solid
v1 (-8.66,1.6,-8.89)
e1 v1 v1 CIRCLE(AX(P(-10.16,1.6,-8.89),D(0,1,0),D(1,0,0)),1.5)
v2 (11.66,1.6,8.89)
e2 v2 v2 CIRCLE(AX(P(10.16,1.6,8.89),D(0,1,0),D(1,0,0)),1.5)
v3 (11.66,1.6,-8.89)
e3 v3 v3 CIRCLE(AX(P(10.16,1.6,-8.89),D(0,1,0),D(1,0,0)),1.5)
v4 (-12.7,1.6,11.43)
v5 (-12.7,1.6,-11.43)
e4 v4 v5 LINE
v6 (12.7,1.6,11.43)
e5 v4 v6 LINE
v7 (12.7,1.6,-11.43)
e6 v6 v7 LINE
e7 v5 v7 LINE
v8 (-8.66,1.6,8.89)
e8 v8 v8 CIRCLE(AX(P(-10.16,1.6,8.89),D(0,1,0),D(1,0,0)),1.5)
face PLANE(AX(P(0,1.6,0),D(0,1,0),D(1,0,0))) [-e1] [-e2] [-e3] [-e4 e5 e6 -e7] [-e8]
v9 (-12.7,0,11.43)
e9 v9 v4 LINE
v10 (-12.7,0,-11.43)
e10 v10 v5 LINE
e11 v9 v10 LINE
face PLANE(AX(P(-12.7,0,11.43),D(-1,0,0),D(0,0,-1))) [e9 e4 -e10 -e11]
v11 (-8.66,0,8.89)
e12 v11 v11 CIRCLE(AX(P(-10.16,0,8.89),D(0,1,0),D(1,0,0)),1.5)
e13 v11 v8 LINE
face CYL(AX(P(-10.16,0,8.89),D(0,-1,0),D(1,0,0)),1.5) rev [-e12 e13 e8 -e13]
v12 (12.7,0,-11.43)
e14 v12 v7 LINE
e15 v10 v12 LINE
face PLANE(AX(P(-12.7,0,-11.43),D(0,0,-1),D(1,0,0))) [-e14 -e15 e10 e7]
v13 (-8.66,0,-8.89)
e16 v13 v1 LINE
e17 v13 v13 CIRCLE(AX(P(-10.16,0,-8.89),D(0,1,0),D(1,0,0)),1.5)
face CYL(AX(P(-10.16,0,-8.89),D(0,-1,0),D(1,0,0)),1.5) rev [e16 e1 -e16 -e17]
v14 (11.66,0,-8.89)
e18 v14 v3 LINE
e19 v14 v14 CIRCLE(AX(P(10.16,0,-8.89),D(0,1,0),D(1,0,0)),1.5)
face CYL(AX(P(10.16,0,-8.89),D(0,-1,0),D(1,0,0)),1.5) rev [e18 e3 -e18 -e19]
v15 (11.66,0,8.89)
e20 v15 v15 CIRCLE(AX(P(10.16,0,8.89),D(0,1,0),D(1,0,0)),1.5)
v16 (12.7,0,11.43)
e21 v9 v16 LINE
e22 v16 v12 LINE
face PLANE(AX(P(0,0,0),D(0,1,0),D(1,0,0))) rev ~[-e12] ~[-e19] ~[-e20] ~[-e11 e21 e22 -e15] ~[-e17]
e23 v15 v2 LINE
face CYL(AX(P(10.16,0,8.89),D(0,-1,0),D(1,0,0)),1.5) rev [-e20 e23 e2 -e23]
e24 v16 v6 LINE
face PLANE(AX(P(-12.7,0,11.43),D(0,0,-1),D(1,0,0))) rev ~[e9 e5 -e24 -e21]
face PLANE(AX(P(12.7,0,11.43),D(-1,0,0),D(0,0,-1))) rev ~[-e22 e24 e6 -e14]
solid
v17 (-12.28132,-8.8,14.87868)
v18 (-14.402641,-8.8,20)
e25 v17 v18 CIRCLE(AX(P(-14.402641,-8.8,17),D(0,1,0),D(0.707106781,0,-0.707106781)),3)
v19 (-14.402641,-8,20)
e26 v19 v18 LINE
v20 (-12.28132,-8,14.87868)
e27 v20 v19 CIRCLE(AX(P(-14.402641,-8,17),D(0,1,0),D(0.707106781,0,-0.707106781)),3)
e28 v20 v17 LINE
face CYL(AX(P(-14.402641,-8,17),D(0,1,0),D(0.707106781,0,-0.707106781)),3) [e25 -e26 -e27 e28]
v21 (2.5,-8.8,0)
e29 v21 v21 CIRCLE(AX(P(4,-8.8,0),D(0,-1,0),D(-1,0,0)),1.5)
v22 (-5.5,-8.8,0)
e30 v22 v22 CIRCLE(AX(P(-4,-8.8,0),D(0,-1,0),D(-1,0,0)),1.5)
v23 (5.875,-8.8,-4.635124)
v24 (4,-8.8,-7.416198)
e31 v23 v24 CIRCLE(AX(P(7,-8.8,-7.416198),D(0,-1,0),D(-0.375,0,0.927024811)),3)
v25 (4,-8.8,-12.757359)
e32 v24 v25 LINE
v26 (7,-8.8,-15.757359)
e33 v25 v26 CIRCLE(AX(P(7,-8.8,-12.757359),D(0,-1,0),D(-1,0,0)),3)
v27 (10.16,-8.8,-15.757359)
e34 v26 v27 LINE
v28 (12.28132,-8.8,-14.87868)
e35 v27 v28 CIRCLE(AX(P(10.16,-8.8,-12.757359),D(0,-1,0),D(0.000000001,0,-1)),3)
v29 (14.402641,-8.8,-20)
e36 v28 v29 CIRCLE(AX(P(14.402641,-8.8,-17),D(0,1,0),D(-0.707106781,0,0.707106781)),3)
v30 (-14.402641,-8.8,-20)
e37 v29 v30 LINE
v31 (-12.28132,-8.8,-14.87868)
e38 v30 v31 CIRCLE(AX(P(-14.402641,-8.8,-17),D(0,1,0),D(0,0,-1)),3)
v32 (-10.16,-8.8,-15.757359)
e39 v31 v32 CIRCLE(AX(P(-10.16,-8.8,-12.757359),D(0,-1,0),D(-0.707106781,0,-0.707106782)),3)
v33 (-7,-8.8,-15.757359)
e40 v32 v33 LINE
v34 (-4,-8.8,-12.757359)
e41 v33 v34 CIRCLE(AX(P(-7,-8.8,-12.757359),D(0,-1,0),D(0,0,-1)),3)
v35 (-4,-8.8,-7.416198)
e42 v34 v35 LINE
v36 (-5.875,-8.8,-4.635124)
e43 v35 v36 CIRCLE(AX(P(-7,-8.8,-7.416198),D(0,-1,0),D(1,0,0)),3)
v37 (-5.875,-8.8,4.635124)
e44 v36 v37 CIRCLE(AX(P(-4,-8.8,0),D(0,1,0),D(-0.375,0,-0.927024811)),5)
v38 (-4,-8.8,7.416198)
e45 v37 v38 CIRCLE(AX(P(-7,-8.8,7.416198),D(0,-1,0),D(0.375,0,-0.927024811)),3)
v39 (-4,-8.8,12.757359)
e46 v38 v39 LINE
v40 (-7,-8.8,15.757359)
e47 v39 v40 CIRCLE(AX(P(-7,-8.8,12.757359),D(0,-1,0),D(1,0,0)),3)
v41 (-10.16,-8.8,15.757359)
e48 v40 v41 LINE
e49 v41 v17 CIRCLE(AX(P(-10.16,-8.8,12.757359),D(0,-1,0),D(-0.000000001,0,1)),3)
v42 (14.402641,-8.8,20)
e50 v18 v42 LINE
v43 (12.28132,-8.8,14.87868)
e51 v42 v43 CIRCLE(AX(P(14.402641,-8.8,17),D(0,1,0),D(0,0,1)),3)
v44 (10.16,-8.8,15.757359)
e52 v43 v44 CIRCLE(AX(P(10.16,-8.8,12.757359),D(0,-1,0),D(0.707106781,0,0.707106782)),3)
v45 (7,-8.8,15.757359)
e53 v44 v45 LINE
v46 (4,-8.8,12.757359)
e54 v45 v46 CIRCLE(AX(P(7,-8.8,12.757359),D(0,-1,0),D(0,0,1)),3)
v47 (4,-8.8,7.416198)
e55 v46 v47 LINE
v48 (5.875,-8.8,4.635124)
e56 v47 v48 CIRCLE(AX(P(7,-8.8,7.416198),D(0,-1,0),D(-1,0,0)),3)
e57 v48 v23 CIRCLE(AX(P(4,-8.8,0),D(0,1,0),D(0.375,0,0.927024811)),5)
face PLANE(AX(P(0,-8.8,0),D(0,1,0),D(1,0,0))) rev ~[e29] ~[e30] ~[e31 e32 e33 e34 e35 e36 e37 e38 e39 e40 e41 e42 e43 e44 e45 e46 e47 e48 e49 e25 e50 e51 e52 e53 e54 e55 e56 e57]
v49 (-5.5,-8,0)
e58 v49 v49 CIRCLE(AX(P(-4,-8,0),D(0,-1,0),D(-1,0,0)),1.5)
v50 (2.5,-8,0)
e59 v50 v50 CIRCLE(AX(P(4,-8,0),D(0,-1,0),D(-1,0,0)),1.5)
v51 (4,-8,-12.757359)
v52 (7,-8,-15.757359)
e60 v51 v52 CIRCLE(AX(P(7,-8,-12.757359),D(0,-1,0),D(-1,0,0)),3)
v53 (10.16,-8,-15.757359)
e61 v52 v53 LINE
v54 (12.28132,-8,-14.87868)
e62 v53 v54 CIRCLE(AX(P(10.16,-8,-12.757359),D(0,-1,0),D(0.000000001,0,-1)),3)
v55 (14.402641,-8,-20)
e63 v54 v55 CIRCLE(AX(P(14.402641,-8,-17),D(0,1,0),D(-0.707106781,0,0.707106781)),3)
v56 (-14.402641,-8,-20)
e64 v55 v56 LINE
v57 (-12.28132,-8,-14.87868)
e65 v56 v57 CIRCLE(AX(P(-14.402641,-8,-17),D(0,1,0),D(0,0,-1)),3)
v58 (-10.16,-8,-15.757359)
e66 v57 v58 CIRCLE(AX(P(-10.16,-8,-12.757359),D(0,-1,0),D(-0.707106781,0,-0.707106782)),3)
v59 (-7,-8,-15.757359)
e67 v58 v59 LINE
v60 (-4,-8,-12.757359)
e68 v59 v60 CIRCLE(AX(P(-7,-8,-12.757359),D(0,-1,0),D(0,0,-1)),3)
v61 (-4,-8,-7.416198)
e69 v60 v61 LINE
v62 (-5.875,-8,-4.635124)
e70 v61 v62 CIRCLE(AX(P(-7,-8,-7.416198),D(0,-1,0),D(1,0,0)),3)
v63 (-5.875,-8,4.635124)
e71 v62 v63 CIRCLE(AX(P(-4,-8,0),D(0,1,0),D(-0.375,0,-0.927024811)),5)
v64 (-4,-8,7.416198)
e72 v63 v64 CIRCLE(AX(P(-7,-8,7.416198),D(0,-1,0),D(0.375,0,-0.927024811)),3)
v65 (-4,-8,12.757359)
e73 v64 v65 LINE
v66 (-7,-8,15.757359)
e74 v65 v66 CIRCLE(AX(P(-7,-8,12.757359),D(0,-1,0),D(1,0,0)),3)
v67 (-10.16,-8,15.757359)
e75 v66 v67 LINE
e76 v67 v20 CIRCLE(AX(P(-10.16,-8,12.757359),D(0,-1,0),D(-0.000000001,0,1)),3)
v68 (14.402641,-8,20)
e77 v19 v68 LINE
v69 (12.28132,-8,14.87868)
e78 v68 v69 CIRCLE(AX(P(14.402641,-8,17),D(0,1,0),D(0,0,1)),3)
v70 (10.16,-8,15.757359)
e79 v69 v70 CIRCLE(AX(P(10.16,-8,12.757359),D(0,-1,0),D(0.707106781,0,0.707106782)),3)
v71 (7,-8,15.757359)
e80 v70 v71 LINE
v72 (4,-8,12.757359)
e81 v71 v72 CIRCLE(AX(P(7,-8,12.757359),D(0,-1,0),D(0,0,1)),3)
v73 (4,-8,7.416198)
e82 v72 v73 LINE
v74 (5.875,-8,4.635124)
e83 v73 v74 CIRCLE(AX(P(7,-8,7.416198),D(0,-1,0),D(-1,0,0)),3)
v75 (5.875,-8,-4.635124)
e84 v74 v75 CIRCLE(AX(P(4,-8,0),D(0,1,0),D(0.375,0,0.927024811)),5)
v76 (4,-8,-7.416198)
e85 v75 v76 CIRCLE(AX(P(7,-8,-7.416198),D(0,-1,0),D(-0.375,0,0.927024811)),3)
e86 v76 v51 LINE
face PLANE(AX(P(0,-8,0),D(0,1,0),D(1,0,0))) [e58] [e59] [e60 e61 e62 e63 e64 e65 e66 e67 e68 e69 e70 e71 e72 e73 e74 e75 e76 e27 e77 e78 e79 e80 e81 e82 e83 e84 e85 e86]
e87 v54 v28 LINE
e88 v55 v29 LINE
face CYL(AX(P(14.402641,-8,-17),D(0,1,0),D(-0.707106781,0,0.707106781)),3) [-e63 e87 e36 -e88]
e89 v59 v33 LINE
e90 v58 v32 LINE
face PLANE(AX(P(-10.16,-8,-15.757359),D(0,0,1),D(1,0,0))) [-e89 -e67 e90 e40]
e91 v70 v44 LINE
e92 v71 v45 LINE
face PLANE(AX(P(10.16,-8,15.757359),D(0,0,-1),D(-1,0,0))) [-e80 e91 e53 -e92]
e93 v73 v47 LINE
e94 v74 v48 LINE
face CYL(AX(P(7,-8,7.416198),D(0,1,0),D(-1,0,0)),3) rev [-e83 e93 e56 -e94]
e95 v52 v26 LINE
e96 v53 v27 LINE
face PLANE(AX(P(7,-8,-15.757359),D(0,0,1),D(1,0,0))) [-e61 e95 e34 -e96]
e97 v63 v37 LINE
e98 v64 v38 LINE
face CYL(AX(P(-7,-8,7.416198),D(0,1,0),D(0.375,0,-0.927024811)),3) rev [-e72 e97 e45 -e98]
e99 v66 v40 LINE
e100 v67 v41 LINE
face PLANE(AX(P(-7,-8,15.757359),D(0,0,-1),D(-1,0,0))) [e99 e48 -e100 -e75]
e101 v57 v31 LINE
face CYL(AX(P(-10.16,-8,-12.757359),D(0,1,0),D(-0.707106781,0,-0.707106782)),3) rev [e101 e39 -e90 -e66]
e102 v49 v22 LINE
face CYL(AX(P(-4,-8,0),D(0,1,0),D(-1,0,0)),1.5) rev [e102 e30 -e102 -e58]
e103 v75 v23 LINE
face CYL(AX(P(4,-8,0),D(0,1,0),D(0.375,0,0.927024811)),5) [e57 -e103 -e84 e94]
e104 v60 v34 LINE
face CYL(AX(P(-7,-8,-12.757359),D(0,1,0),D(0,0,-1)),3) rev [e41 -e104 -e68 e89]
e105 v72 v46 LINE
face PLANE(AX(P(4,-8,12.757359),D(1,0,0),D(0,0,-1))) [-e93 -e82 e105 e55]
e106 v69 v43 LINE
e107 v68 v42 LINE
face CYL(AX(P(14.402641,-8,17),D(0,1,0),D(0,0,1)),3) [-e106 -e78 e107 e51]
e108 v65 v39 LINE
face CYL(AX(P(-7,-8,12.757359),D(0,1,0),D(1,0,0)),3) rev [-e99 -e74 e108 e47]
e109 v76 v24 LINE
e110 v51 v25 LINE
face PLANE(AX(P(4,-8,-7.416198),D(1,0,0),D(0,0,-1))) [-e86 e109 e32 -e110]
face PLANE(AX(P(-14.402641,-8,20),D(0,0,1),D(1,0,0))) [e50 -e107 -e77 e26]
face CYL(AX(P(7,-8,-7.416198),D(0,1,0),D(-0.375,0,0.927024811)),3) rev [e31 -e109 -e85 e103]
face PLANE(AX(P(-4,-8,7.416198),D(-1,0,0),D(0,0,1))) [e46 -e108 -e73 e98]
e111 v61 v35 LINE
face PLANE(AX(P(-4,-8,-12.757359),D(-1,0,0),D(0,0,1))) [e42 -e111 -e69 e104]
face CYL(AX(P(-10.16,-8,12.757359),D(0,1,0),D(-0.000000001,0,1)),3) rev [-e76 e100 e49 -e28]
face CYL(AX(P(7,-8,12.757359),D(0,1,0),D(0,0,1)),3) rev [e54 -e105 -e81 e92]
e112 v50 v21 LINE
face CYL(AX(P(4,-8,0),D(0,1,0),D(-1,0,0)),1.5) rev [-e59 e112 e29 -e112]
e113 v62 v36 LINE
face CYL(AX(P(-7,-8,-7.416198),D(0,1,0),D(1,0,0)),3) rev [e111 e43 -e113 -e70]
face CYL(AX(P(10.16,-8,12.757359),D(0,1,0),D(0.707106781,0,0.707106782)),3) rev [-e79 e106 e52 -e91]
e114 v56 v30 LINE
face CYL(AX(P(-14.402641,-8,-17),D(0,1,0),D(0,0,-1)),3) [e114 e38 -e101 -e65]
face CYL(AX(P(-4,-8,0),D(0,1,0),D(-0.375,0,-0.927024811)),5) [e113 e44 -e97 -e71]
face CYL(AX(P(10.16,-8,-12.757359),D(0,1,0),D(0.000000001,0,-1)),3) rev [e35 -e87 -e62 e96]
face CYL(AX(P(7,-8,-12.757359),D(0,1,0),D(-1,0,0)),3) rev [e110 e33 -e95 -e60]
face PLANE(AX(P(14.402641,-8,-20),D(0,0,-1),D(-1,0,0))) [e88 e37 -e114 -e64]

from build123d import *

# Parameters (mm, degrees)
SKETCH1_W           = 25.4
SKETCH1_H           = 22.86
SKETCH1_R           = 1.5
BOSS_EXTRUDE1_DEPTH = 1.6
SKETCH10_R          = 1.5
BOSS_EXTRUDE7_DEPTH = 0.8


with BuildPart() as part:
    # Sketch1 → Boss-Extrude1 (new body)
    with BuildSketch(Plane(origin=(0, 0, 0), x_dir=(1, 0, 0), z_dir=(0, 1, 0))):
        Rectangle(SKETCH1_W, SKETCH1_H)
        with Locations((-10.16, 8.89)):
            Circle(SKETCH1_R, mode=Mode.SUBTRACT)
        with Locations((10.16, 8.89)):
            Circle(SKETCH1_R, mode=Mode.SUBTRACT)
        with Locations((10.16, -8.89)):
            Circle(SKETCH1_R, mode=Mode.SUBTRACT)
        with Locations((-10.16, -8.89)):
            Circle(SKETCH1_R, mode=Mode.SUBTRACT)
    extrude(amount=BOSS_EXTRUDE1_DEPTH)


with BuildPart() as body_2:
    # Sketch10 → Boss-Extrude7 (new body)
    with BuildSketch(Plane(origin=(0, -8, 0), x_dir=(-1, 0, 0), z_dir=(0, -1, 0))):
        with BuildLine():
            Line((-4, 7.416198487), (-4, 12.757359313))
            ThreePointArc((-4, 12.757359313), (-4.878679656, 14.878679656), (-7, 15.757359313))
            Line((-7, 15.757359313), (-10.16, 15.757359313))
            ThreePointArc((-10.16, 15.757359313), (-11.308050297, 15.52899791), (-12.281320344, 14.878679656))
            ThreePointArc((-12.281320344, 14.878679656), (-17.174279285, 15.851949703), (-14.402640687, 20))
            Line((-14.402640687, 20), (14.402640687, 20))
            ThreePointArc((14.402640687, 20), (17.174279285, 15.851949703), (12.281320344, 14.878679656))
            ThreePointArc((12.281320344, 14.878679656), (11.308050297, 15.52899791), (10.16, 15.757359313))
            Line((10.16, 15.757359313), (7, 15.757359313))
            ThreePointArc((7, 15.757359313), (4.878679656, 14.878679656), (4, 12.757359313))
            Line((4, 12.757359313), (4, 7.416198487))
            ThreePointArc((4, 7.416198487), (4.512531407, 5.739147504), (5.875, 4.635124054))
            ThreePointArc((5.875, 4.635124054), (9, 0), (5.875, -4.635124054))
            ThreePointArc((5.875, -4.635124054), (4.512531407, -5.739147504), (4, -7.416198487))
            Line((4, -7.416198487), (4, -12.757359313))
            ThreePointArc((4, -12.757359313), (4.878679656, -14.878679656), (7, -15.757359313))
            Line((7, -15.757359313), (10.16, -15.757359313))
            ThreePointArc((10.16, -15.757359313), (11.308050297, -15.52899791), (12.281320344, -14.878679656))
            ThreePointArc((12.281320344, -14.878679656), (17.174279285, -15.851949703), (14.402640687, -20))
            Line((14.402640687, -20), (-14.402640687, -20))
            ThreePointArc((-14.402640687, -20), (-17.174279285, -15.851949703), (-12.281320344, -14.878679656))
            ThreePointArc((-12.281320344, -14.878679656), (-11.308050297, -15.52899791), (-10.16, -15.757359313))
            Line((-10.16, -15.757359313), (-7, -15.757359313))
            ThreePointArc((-7, -15.757359313), (-4.878679656, -14.878679656), (-4, -12.757359313))
            Line((-4, -12.757359313), (-4, -7.416198487))
            ThreePointArc((-4, -7.416198487), (-4.512531407, -5.739147504), (-5.875, -4.635124054))
            ThreePointArc((-5.875, -4.635124054), (-9, 0), (-5.875, 4.635124054))
            ThreePointArc((-5.875, 4.635124054), (-4.512531407, 5.739147504), (-4, 7.416198487))
        make_face()
        with Locations((-4, 0)):
            Circle(SKETCH10_R, mode=Mode.SUBTRACT)
        with Locations((4, 0)):
            Circle(SKETCH10_R, mode=Mode.SUBTRACT)
    extrude(amount=BOSS_EXTRUDE7_DEPTH)


solid = Compound([part.part, body_2.part])
